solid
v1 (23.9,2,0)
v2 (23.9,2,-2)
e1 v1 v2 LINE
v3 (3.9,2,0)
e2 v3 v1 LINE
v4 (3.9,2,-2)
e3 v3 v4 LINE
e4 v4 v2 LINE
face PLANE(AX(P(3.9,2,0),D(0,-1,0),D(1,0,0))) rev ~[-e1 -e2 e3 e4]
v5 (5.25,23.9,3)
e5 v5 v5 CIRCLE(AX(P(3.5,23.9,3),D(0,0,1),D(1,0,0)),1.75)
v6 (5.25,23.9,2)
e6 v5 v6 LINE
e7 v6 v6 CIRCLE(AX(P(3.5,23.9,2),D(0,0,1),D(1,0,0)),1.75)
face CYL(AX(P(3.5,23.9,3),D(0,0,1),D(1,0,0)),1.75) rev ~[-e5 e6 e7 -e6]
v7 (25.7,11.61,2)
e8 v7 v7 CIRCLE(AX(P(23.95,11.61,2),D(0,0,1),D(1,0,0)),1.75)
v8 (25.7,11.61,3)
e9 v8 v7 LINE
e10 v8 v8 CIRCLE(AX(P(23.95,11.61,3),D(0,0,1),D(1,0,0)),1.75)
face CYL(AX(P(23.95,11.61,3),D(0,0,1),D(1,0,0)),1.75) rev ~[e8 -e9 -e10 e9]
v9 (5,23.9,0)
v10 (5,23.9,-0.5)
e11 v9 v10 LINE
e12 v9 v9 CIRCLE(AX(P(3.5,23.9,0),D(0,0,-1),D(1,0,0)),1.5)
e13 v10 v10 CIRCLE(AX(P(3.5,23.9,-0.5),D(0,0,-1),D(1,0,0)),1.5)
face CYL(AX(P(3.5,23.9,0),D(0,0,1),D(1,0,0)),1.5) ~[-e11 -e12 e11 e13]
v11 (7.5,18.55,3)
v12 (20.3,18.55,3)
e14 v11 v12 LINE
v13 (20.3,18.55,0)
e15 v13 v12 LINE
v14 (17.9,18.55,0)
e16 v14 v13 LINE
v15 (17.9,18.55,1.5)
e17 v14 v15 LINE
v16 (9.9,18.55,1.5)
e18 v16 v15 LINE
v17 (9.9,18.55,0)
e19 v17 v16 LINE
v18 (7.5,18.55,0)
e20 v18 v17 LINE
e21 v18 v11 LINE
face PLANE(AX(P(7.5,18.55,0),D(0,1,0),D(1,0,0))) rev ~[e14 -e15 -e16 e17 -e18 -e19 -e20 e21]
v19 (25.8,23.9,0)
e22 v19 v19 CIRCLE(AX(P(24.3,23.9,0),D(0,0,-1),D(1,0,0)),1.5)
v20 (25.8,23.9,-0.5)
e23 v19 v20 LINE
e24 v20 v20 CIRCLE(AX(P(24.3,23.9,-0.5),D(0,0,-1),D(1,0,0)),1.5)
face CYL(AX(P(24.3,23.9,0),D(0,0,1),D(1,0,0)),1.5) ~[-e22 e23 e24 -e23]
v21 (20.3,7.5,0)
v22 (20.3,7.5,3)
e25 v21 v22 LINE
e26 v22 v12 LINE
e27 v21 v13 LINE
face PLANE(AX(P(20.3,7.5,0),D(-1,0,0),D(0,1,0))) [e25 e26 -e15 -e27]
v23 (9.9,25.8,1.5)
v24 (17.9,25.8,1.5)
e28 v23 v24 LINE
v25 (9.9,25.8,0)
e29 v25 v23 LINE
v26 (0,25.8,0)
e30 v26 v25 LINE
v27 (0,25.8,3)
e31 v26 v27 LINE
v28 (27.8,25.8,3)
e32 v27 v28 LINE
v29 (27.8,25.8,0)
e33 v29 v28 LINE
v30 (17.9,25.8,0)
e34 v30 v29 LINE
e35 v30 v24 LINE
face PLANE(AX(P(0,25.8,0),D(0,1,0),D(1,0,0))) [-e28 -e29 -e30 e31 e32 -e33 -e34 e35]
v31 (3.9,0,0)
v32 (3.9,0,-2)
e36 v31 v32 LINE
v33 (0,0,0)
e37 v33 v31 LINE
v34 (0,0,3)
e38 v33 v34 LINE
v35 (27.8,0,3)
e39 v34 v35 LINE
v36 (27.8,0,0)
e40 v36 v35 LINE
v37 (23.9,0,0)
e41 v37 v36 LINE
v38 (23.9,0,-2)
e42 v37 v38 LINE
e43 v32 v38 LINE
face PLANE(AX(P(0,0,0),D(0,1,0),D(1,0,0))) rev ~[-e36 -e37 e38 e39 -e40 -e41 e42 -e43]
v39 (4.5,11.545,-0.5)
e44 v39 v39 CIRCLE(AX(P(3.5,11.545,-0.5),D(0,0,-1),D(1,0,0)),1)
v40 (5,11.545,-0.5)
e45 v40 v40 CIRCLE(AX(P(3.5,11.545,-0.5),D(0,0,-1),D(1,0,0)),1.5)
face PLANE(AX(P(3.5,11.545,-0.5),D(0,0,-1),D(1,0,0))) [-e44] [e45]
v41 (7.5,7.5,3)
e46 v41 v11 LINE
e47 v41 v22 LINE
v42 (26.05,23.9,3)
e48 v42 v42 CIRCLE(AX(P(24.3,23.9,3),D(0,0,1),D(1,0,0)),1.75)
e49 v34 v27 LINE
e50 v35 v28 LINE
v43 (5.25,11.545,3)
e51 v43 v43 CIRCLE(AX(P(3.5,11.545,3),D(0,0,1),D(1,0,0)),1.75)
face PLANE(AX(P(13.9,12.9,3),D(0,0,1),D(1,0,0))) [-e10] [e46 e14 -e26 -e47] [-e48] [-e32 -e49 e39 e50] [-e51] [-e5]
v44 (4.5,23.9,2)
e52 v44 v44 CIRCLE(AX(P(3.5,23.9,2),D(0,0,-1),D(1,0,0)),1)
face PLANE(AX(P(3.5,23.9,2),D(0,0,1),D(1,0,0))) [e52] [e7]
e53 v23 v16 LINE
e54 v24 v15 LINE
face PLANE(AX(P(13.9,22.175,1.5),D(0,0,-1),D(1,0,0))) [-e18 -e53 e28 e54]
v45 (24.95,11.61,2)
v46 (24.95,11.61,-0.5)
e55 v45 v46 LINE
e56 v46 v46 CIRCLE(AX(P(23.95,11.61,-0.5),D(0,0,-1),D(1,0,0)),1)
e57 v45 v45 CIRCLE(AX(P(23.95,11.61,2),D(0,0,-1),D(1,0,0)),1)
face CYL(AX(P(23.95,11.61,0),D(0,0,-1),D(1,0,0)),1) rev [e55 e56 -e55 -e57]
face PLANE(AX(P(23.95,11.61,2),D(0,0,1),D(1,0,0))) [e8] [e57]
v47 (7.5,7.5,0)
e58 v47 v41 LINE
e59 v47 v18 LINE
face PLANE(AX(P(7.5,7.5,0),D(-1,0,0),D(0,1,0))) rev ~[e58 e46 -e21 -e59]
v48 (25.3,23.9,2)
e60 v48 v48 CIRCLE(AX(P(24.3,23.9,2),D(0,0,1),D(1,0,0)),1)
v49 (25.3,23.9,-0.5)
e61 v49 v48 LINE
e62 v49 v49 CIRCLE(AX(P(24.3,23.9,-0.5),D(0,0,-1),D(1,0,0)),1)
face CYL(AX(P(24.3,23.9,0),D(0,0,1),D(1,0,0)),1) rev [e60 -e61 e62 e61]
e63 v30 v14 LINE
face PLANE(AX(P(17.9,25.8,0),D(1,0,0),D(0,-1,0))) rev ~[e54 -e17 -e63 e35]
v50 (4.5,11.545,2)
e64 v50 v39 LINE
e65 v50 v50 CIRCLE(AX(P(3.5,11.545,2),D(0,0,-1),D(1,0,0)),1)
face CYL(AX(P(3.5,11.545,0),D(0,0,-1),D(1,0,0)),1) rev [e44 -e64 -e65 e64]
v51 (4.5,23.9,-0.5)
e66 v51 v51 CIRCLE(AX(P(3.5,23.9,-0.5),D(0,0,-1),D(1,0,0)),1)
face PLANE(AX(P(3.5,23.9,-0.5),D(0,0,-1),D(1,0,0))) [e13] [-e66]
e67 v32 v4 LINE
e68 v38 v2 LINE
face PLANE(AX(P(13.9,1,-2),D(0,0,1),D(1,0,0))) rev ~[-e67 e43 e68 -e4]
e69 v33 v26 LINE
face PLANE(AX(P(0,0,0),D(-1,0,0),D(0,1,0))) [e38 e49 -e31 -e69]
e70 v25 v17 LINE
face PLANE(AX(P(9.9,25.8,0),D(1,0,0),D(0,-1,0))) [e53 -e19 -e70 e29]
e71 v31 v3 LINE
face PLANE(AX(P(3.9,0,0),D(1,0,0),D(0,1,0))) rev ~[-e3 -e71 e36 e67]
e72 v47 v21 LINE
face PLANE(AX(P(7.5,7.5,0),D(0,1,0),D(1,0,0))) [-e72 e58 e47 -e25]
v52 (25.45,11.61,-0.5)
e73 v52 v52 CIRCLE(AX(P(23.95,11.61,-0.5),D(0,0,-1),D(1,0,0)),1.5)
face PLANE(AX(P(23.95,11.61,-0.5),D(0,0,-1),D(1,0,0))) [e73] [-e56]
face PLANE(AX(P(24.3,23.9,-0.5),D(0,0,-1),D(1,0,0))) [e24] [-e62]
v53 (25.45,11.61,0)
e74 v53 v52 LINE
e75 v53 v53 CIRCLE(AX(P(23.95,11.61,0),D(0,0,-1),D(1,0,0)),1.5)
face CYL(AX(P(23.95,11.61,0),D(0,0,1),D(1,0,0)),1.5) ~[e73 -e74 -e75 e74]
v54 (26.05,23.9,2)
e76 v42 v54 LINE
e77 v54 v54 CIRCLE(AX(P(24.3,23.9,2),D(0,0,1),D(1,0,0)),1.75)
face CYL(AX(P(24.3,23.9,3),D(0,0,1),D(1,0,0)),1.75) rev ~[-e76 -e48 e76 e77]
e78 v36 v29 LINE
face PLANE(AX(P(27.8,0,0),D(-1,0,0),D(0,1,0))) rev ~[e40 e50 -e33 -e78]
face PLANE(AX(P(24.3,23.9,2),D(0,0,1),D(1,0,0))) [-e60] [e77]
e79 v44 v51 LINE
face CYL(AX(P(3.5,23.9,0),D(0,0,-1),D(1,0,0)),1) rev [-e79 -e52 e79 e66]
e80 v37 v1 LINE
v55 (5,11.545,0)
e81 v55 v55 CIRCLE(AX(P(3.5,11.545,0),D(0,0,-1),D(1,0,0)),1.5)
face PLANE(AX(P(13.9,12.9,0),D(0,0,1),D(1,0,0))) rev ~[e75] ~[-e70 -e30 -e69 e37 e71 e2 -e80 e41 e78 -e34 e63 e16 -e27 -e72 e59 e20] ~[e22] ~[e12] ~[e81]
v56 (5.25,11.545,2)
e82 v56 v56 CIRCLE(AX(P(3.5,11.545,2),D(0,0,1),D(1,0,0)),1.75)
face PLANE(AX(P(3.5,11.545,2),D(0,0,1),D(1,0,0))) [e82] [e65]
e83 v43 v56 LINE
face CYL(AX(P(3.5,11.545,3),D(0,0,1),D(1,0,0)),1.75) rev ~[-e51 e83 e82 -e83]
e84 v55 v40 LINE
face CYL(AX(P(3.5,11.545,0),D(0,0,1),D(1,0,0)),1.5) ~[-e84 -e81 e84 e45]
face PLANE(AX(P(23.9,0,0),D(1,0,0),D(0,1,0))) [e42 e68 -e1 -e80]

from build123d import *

# Parameters (mm, degrees)
SKETCH_W        = 27.8
SKETCH_H        = 25.8
SKETCH_R        = 1
SKETCH_W_2      = 12.8
SKETCH_H_2      = 11.05
PAD_DEPTH       = 3
SKETCH002_W     = 20
SKETCH002_H     = 2
PAD001_DEPTH    = 2
SKETCH003_R     = 1.5
SKETCH003_R_2   = 1
PAD002_DEPTH    = 0.5
SKETCH005_R     = 1.75
POCKET_DEPTH    = 1
SKETCH006_W     = 8
SKETCH006_H     = 7.25
POCKET001_DEPTH = 1.5


with BuildPart() as part:
    # Sketch → Pad (new body)
    with BuildSketch(Plane.XY):
        with Locations((13.9, 12.9)):
            Rectangle(SKETCH_W, SKETCH_H)
        with Locations((3.5, 23.9)):
            Circle(SKETCH_R, mode=Mode.SUBTRACT)
        with Locations((24.3, 23.9)):
            Circle(SKETCH_R, mode=Mode.SUBTRACT)
        with Locations((23.95, 11.61)):
            Circle(SKETCH_R, mode=Mode.SUBTRACT)
        with Locations((3.5, 11.545)):
            Circle(SKETCH_R, mode=Mode.SUBTRACT)
        with Locations((13.9, 13.025)):
            Rectangle(SKETCH_W_2, SKETCH_H_2, mode=Mode.SUBTRACT)
    extrude(amount=PAD_DEPTH)

    # Sketch002 → Pad001 (join)
    with BuildSketch(Plane.XY):
        with Locations((13.9, 1)):
            Rectangle(SKETCH002_W, SKETCH002_H)
    extrude(amount=-PAD001_DEPTH)

    # Sketch003 (on Face13 of Pad) → Pad002 (join)
    with BuildSketch(Plane(origin=(0, 0, 0), x_dir=(1, 0, 0), z_dir=(0, 0, -1))):
        with Locations((24.3, -23.9)):
            Circle(SKETCH003_R)
        with Locations((24.3, -23.9)):
            Circle(SKETCH003_R_2, mode=Mode.SUBTRACT)
        with Locations((3.5, -23.9)):
            Circle(SKETCH003_R)
        with Locations((3.5, -23.9)):
            Circle(SKETCH003_R_2, mode=Mode.SUBTRACT)
        with Locations((23.95, -11.61)):
            Circle(SKETCH003_R)
        with Locations((23.95, -11.61)):
            Circle(SKETCH003_R_2, mode=Mode.SUBTRACT)
        with Locations((3.5, -11.545)):
            Circle(SKETCH003_R)
        with Locations((3.5, -11.545)):
            Circle(SKETCH003_R_2, mode=Mode.SUBTRACT)
    extrude(amount=PAD002_DEPTH)

    # Sketch005 (on Face6 of Pad002) → Pocket (cut)
    with BuildSketch(Plane.XY.offset(3)):
        with Locations((23.95, 11.61)):
            Circle(SKETCH005_R)
        with Locations((3.5, 11.545)):
            Circle(SKETCH005_R)
        with Locations((3.5, 23.9)):
            Circle(SKETCH005_R)
        with Locations((24.3, 23.9)):
            Circle(SKETCH005_R)
    extrude(amount=-POCKET_DEPTH, mode=Mode.SUBTRACT)

    # Sketch006 (on Face4 of Pad001) → Pocket001 (cut)
    with BuildSketch(Plane(origin=(0, 0, 0), x_dir=(1, 0, 0), z_dir=(0, 0, -1))):
        with Locations((13.9, -22.175)):
            Rectangle(SKETCH006_W, SKETCH006_H)
    extrude(amount=-POCKET001_DEPTH, mode=Mode.SUBTRACT)


solid = part.part
